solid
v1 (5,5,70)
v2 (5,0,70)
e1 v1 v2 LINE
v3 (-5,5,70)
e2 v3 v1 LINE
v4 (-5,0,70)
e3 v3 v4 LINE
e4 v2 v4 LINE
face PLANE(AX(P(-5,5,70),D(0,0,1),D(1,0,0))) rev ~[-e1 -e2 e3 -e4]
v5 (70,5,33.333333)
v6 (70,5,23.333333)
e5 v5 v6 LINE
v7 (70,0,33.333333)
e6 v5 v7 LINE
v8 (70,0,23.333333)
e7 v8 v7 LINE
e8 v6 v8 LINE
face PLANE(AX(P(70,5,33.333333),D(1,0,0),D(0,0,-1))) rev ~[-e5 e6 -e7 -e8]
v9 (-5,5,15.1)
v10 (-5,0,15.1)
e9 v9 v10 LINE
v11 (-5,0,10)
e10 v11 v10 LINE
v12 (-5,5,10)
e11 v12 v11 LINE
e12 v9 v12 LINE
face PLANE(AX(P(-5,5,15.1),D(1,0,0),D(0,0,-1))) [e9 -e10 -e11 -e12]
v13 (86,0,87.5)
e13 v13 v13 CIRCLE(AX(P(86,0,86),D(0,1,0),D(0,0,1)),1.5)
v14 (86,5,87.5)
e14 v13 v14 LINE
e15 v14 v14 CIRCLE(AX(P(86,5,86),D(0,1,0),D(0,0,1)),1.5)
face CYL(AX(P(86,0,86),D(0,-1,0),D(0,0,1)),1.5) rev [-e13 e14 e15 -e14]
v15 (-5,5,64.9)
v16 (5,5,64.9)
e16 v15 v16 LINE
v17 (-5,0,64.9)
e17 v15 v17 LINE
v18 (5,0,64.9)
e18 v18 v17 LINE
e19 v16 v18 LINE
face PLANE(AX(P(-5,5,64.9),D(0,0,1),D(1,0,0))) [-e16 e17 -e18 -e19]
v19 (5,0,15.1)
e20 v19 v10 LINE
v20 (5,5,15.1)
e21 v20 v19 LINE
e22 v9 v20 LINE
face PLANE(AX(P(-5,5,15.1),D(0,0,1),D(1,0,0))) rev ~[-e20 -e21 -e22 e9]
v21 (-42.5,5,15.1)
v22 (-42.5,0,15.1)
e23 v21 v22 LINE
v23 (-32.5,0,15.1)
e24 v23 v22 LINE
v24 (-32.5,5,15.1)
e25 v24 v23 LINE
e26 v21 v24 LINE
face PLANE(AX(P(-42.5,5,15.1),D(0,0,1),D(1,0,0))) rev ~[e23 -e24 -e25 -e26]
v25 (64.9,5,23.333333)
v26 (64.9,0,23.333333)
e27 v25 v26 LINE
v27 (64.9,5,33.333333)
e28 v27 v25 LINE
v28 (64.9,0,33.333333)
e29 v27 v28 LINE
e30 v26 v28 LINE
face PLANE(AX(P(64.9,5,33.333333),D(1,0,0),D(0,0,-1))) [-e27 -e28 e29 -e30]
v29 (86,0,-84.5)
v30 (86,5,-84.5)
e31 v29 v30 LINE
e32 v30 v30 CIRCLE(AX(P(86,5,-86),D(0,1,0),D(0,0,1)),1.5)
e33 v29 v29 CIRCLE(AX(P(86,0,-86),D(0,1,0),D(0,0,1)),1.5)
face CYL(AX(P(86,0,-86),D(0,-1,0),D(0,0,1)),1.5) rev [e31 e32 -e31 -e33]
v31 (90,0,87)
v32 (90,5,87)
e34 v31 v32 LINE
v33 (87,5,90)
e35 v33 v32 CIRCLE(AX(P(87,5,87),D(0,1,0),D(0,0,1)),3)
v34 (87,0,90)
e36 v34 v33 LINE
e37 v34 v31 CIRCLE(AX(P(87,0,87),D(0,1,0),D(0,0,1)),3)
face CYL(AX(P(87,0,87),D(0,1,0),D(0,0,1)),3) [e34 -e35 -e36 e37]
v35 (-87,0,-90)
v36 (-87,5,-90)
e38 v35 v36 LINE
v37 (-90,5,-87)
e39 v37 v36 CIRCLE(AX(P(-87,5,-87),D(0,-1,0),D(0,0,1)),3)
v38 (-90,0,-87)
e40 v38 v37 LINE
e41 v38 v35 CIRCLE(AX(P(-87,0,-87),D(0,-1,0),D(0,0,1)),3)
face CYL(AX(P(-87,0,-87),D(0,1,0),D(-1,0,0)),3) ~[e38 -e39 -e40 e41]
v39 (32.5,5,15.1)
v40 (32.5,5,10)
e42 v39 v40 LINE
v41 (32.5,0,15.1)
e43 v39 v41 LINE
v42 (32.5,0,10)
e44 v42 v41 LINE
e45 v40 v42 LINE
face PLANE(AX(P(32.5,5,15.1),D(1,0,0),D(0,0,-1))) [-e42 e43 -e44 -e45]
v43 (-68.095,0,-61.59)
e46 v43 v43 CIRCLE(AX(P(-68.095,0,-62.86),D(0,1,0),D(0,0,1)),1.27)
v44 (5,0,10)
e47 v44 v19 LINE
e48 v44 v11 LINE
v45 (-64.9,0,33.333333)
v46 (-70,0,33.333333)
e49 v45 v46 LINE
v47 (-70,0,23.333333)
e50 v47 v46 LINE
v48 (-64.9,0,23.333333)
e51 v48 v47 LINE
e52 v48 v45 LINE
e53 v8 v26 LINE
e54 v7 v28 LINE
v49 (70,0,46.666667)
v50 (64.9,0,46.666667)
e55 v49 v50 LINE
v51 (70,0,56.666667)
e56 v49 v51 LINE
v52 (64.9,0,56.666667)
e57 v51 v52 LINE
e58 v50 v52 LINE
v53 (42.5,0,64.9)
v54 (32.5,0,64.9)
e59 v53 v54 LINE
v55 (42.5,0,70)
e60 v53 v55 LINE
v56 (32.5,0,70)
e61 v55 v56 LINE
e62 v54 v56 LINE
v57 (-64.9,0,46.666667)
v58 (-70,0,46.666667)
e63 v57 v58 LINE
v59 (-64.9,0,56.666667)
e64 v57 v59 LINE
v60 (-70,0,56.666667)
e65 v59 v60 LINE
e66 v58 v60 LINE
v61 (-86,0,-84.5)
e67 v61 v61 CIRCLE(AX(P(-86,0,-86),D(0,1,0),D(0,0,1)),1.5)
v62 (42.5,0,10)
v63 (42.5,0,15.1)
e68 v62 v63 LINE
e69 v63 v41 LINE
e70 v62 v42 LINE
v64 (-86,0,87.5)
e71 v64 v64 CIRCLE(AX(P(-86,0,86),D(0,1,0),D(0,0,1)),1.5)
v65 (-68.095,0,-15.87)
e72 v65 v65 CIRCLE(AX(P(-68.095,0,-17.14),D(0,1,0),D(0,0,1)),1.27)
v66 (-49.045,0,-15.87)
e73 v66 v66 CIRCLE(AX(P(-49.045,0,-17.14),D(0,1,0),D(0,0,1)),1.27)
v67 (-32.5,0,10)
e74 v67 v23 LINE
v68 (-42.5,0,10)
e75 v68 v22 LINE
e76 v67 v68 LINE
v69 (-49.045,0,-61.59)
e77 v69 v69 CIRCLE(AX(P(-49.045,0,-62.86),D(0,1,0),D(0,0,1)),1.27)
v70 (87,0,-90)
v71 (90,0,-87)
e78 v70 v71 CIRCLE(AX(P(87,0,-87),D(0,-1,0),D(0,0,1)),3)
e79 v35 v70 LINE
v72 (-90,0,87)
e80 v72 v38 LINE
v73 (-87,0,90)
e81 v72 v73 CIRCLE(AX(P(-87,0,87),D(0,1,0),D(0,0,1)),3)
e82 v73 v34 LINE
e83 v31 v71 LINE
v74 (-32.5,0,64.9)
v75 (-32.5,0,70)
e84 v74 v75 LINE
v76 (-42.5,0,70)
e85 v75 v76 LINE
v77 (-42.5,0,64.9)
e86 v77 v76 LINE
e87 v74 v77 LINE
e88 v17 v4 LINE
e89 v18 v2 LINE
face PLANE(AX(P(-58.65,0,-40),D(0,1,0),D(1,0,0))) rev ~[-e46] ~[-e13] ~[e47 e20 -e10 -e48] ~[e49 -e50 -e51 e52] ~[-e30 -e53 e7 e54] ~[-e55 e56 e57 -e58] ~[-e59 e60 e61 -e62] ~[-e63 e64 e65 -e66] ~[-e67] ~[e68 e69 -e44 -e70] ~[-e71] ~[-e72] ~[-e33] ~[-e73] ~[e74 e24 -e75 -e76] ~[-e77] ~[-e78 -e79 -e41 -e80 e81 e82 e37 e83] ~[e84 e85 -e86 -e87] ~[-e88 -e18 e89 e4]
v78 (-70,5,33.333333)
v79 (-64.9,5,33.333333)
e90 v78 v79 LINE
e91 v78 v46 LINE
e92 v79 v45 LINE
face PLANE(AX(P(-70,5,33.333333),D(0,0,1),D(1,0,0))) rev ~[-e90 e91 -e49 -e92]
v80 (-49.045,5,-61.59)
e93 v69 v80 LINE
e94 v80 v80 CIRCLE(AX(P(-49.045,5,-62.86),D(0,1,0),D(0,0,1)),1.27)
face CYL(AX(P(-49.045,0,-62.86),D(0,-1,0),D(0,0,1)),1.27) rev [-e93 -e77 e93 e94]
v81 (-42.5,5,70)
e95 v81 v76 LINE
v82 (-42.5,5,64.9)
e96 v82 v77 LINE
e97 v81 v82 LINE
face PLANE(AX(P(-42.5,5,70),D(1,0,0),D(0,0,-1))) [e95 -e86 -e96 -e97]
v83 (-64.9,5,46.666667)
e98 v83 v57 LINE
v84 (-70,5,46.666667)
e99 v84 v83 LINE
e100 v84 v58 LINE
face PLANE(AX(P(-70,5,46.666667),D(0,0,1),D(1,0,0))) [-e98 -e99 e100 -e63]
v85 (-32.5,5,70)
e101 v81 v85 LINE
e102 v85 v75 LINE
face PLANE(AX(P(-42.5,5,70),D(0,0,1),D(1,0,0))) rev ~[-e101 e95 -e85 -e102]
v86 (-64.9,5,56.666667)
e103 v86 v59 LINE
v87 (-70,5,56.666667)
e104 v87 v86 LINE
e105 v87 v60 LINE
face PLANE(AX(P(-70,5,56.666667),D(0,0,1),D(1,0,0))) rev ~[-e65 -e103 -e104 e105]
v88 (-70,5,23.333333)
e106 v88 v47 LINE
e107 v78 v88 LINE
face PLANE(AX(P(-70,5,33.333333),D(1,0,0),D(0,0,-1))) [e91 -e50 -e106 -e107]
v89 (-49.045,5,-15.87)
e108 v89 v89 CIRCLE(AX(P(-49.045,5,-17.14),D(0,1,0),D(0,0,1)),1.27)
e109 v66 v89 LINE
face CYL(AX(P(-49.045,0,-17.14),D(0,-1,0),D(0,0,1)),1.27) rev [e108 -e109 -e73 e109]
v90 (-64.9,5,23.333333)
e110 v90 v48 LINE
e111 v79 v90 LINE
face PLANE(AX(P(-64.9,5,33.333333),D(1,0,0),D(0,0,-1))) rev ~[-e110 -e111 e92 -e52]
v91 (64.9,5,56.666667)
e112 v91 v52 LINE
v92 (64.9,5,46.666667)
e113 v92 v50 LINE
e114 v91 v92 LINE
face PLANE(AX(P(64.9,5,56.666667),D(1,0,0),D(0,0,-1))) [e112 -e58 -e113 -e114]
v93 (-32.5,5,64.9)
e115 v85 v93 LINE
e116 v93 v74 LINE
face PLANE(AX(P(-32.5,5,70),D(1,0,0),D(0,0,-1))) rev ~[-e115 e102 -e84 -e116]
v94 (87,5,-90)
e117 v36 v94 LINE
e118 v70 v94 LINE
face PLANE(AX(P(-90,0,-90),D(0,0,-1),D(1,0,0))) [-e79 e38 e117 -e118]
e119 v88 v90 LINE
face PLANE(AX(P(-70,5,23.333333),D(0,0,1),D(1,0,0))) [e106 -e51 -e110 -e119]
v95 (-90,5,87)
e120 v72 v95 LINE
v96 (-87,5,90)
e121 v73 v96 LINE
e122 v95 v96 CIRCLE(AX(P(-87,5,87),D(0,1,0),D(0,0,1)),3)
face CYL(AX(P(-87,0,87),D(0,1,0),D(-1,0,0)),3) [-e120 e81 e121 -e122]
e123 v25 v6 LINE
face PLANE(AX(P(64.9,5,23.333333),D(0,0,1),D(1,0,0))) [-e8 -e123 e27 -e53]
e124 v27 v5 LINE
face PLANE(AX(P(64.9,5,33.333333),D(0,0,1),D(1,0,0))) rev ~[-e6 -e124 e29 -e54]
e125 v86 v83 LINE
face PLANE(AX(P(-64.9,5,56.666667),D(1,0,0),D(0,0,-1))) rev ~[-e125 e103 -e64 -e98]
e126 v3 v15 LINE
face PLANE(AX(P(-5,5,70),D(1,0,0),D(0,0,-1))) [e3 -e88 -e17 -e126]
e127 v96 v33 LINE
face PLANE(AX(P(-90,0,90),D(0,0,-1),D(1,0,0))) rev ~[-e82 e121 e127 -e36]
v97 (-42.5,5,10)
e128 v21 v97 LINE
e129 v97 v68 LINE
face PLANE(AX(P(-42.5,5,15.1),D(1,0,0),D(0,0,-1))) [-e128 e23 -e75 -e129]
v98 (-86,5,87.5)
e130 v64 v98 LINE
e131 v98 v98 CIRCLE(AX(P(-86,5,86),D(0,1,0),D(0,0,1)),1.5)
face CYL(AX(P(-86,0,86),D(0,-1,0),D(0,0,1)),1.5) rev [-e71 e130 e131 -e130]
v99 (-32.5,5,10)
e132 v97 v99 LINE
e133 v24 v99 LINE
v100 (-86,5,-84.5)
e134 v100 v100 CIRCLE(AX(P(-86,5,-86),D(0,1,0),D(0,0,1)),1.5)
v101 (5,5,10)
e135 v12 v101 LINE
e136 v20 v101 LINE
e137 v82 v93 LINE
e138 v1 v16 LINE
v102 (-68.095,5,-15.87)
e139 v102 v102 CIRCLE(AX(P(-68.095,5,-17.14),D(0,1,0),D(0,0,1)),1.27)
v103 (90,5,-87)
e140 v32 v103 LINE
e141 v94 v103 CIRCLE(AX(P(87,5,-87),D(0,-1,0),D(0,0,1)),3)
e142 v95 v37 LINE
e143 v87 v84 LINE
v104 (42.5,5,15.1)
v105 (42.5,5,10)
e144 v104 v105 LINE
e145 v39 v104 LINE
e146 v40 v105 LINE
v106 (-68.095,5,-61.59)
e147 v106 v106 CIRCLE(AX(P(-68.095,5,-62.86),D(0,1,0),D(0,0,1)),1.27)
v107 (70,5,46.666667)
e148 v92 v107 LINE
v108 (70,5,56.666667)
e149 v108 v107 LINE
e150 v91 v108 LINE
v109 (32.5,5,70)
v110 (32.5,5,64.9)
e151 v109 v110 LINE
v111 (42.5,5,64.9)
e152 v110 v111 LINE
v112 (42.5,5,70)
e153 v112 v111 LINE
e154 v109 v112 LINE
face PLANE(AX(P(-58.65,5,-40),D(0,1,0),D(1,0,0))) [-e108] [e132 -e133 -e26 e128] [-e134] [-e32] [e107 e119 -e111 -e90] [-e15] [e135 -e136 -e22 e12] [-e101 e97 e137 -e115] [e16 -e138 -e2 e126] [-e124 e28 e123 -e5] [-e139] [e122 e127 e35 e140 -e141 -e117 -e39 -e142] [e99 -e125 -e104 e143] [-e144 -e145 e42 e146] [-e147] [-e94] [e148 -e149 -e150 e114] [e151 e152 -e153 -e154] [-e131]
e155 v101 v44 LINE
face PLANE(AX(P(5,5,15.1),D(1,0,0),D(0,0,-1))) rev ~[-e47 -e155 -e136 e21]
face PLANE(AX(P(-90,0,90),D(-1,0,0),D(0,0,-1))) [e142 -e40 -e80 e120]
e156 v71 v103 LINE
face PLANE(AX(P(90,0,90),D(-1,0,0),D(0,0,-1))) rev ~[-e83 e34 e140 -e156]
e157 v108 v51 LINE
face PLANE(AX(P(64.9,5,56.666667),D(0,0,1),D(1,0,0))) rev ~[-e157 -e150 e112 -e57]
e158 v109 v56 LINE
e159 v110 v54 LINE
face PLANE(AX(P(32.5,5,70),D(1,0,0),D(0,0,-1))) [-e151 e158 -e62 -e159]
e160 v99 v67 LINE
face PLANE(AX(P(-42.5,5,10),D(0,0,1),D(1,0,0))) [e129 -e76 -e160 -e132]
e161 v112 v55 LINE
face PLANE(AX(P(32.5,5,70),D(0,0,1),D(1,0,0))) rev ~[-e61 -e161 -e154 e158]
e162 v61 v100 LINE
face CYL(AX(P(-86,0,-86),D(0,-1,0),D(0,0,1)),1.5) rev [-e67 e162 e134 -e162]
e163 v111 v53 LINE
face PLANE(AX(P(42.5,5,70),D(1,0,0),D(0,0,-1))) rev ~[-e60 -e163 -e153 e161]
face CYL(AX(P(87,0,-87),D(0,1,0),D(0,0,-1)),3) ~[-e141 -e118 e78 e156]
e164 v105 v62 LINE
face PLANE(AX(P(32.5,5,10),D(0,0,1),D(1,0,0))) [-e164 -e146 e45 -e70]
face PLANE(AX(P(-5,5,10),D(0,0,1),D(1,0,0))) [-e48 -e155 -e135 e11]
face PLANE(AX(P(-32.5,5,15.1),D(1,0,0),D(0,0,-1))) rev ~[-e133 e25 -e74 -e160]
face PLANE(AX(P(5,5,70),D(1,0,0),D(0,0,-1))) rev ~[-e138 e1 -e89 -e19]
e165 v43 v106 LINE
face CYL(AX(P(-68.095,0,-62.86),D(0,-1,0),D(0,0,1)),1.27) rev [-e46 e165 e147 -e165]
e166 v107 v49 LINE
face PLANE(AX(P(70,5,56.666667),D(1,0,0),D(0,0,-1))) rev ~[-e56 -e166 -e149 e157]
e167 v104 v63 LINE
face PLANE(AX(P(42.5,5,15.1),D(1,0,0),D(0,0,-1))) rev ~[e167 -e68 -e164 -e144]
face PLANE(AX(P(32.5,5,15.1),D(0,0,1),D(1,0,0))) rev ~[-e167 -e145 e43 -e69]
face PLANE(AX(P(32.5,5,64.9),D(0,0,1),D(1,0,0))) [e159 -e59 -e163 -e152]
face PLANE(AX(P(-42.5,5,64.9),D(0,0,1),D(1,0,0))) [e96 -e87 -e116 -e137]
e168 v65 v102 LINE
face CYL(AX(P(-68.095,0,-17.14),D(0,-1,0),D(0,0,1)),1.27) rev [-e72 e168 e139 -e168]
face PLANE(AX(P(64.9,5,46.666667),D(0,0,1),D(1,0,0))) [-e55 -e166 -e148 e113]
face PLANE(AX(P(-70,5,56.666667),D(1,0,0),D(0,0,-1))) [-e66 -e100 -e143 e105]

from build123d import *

# Parameters (mm, degrees)
SKETCH1_W           = 180
SKETCH1_H           = 180
SKETCH1_R           = 1.5
SKETCH1_W_2         = 22.7
SKETCH1_H_2         = 50.8
SKETCH1_R_2         = 1.27
BOSS_EXTRUDE1_DEPTH = 5
CUT_EXTRUDE1_REACH  = 129.377
SKETCH4_W           = 10
SKETCH4_H           = 5.1
SKETCH4_W_2         = 5.1
SKETCH4_H_2         = 10
FILLET1_R           = 3


with BuildPart() as part:
    # Sketch1 → Boss-Extrude1 (new body)
    # profile 1 of 2: a face of its own
    with BuildSketch(Plane(origin=(0, 0, 0), x_dir=(1, 0, 0), z_dir=(0, 1, 0))):
        Rectangle(SKETCH1_W, SKETCH1_H)
        with Locations(Location((-86, -86, 0), (0, 0, 270))):
            Circle(SKETCH1_R, mode=Mode.SUBTRACT)
        with Locations(Location((86, -86, 0), (0, 0, 270))):
            Circle(SKETCH1_R, mode=Mode.SUBTRACT)
        with Locations(Location((86, 86, 0), (0, 0, 270))):
            Circle(SKETCH1_R, mode=Mode.SUBTRACT)
        with Locations(Location((-86, 86, 0), (0, 0, 270))):
            Circle(SKETCH1_R, mode=Mode.SUBTRACT)
        with Locations((-58.65, 40)):
            Rectangle(SKETCH1_W_2, SKETCH1_H_2, mode=Mode.SUBTRACT)
    # profile 2 of 2: a face of its own
    with BuildSketch(Plane(origin=(0, 0, 0), x_dir=(1, 0, 0), z_dir=(0, 1, 0))):
        with Locations((-58.65, 40)):
            Rectangle(SKETCH1_W_2, SKETCH1_H_2)
        with Locations(Location((-68.095, 17.14, 0), (0, 0, 270))):
            Circle(SKETCH1_R_2, mode=Mode.SUBTRACT)
        with Locations(Location((-49.045, 17.14, 0), (0, 0, 270))):
            Circle(SKETCH1_R_2, mode=Mode.SUBTRACT)
        with Locations(Location((-49.045, 62.86, 0), (0, 0, 270))):
            Circle(SKETCH1_R_2, mode=Mode.SUBTRACT)
        with Locations(Location((-68.095, 62.86, 0), (0, 0, 270))):
            Circle(SKETCH1_R_2, mode=Mode.SUBTRACT)
    extrude(amount=BOSS_EXTRUDE1_DEPTH)

    # Sketch4 → Cut-Extrude1 (cut, up to next)
    with BuildSketch(Plane(origin=(0, 5, 0), x_dir=(1, 0, 0), z_dir=(0, 1, 0)), mode=Mode.PRIVATE) as cut_extrude1_sk1:
        with Locations((37.5, -12.55)):
            Rectangle(SKETCH4_W, SKETCH4_H)
    cut_extrude1_tool1 = extrude(cut_extrude1_sk1.sketch, amount=-CUT_EXTRUDE1_REACH, mode=Mode.PRIVATE) & part.part
    # Sketch4 → Cut-Extrude1 (cut, up to next)
    with BuildSketch(Plane(origin=(0, 5, 0), x_dir=(1, 0, 0), z_dir=(0, 1, 0)), mode=Mode.PRIVATE) as cut_extrude1_sk2:
        with Locations((0, -12.55)):
            Rectangle(SKETCH4_W, SKETCH4_H)
    cut_extrude1_tool2 = extrude(cut_extrude1_sk2.sketch, amount=-CUT_EXTRUDE1_REACH, mode=Mode.PRIVATE) & part.part
    # Sketch4 → Cut-Extrude1 (cut, up to next)
    with BuildSketch(Plane(origin=(0, 5, 0), x_dir=(1, 0, 0), z_dir=(0, 1, 0)), mode=Mode.PRIVATE) as cut_extrude1_sk3:
        with Locations((-37.5, -12.55)):
            Rectangle(SKETCH4_W, SKETCH4_H)
    cut_extrude1_tool3 = extrude(cut_extrude1_sk3.sketch, amount=-CUT_EXTRUDE1_REACH, mode=Mode.PRIVATE) & part.part
    # Sketch4 → Cut-Extrude1 (cut, up to next)
    with BuildSketch(Plane(origin=(0, 5, 0), x_dir=(1, 0, 0), z_dir=(0, 1, 0)), mode=Mode.PRIVATE) as cut_extrude1_sk4:
        with Locations((37.5, -67.45)):
            Rectangle(SKETCH4_W, SKETCH4_H)
    cut_extrude1_tool4 = extrude(cut_extrude1_sk4.sketch, amount=-CUT_EXTRUDE1_REACH, mode=Mode.PRIVATE) & part.part
    # Sketch4 → Cut-Extrude1 (cut, up to next)
    with BuildSketch(Plane(origin=(0, 5, 0), x_dir=(1, 0, 0), z_dir=(0, 1, 0)), mode=Mode.PRIVATE) as cut_extrude1_sk5:
        with Locations((0, -67.45)):
            Rectangle(SKETCH4_W, SKETCH4_H)
    cut_extrude1_tool5 = extrude(cut_extrude1_sk5.sketch, amount=-CUT_EXTRUDE1_REACH, mode=Mode.PRIVATE) & part.part
    # Sketch4 → Cut-Extrude1 (cut, up to next)
    with BuildSketch(Plane(origin=(0, 5, 0), x_dir=(1, 0, 0), z_dir=(0, 1, 0)), mode=Mode.PRIVATE) as cut_extrude1_sk6:
        with Locations((-37.5, -67.45)):
            Rectangle(SKETCH4_W, SKETCH4_H)
    cut_extrude1_tool6 = extrude(cut_extrude1_sk6.sketch, amount=-CUT_EXTRUDE1_REACH, mode=Mode.PRIVATE) & part.part
    # Sketch4 → Cut-Extrude1 (cut, up to next)
    with BuildSketch(Plane(origin=(0, 5, 0), x_dir=(1, 0, 0), z_dir=(0, 1, 0)), mode=Mode.PRIVATE) as cut_extrude1_sk7:
        with Locations((-67.45, -51.666666667)):
            Rectangle(SKETCH4_W_2, SKETCH4_H_2)
    cut_extrude1_tool7 = extrude(cut_extrude1_sk7.sketch, amount=-CUT_EXTRUDE1_REACH, mode=Mode.PRIVATE) & part.part
    # Sketch4 → Cut-Extrude1 (cut, up to next)
    with BuildSketch(Plane(origin=(0, 5, 0), x_dir=(1, 0, 0), z_dir=(0, 1, 0)), mode=Mode.PRIVATE) as cut_extrude1_sk8:
        with Locations((-67.45, -28.333333333)):
            Rectangle(SKETCH4_W_2, SKETCH4_H_2)
    cut_extrude1_tool8 = extrude(cut_extrude1_sk8.sketch, amount=-CUT_EXTRUDE1_REACH, mode=Mode.PRIVATE) & part.part
    # Sketch4 → Cut-Extrude1 (cut, up to next)
    with BuildSketch(Plane(origin=(0, 5, 0), x_dir=(1, 0, 0), z_dir=(0, 1, 0)), mode=Mode.PRIVATE) as cut_extrude1_sk9:
        with Locations((67.45, -28.333333333)):
            Rectangle(SKETCH4_W_2, SKETCH4_H_2)
    cut_extrude1_tool9 = extrude(cut_extrude1_sk9.sketch, amount=-CUT_EXTRUDE1_REACH, mode=Mode.PRIVATE) & part.part
    # Sketch4 → Cut-Extrude1 (cut, up to next)
    with BuildSketch(Plane(origin=(0, 5, 0), x_dir=(1, 0, 0), z_dir=(0, 1, 0)), mode=Mode.PRIVATE) as cut_extrude1_sk10:
        with Locations((67.45, -51.666666667)):
            Rectangle(SKETCH4_W_2, SKETCH4_H_2)
    cut_extrude1_tool10 = extrude(cut_extrude1_sk10.sketch, amount=-CUT_EXTRUDE1_REACH, mode=Mode.PRIVATE) & part.part
    add(cut_extrude1_tool1.solids().sort_by_distance((37.5, 5, 12.55))[0], mode=Mode.SUBTRACT)
    add(cut_extrude1_tool2.solids().sort_by_distance((0, 5, 12.55))[0], mode=Mode.SUBTRACT)
    add(cut_extrude1_tool3.solids().sort_by_distance((-37.5, 5, 12.55))[0], mode=Mode.SUBTRACT)
    add(cut_extrude1_tool4.solids().sort_by_distance((37.5, 5, 67.45))[0], mode=Mode.SUBTRACT)
    add(cut_extrude1_tool5.solids().sort_by_distance((0, 5, 67.45))[0], mode=Mode.SUBTRACT)
    add(cut_extrude1_tool6.solids().sort_by_distance((-37.5, 5, 67.45))[0], mode=Mode.SUBTRACT)
    add(cut_extrude1_tool7.solids().sort_by_distance((-67.45, 5, 51.666667))[0], mode=Mode.SUBTRACT)
    add(cut_extrude1_tool8.solids().sort_by_distance((-67.45, 5, 28.333333))[0], mode=Mode.SUBTRACT)
    add(cut_extrude1_tool9.solids().sort_by_distance((67.45, 5, 28.333333))[0], mode=Mode.SUBTRACT)
    add(cut_extrude1_tool10.solids().sort_by_distance((67.45, 5, 51.666667))[0], mode=Mode.SUBTRACT)

    # Fillet1
    fillet1_edges = [part.edges().sort_by_distance(p)[0] for p in [
        (-90, 2.5, 90),
        (-90, 2.5, -90),
        (90, 2.5, -90),
        (90, 2.5, 90),
    ]]
    fillet(fillet1_edges, radius=FILLET1_R)


solid = part.part
